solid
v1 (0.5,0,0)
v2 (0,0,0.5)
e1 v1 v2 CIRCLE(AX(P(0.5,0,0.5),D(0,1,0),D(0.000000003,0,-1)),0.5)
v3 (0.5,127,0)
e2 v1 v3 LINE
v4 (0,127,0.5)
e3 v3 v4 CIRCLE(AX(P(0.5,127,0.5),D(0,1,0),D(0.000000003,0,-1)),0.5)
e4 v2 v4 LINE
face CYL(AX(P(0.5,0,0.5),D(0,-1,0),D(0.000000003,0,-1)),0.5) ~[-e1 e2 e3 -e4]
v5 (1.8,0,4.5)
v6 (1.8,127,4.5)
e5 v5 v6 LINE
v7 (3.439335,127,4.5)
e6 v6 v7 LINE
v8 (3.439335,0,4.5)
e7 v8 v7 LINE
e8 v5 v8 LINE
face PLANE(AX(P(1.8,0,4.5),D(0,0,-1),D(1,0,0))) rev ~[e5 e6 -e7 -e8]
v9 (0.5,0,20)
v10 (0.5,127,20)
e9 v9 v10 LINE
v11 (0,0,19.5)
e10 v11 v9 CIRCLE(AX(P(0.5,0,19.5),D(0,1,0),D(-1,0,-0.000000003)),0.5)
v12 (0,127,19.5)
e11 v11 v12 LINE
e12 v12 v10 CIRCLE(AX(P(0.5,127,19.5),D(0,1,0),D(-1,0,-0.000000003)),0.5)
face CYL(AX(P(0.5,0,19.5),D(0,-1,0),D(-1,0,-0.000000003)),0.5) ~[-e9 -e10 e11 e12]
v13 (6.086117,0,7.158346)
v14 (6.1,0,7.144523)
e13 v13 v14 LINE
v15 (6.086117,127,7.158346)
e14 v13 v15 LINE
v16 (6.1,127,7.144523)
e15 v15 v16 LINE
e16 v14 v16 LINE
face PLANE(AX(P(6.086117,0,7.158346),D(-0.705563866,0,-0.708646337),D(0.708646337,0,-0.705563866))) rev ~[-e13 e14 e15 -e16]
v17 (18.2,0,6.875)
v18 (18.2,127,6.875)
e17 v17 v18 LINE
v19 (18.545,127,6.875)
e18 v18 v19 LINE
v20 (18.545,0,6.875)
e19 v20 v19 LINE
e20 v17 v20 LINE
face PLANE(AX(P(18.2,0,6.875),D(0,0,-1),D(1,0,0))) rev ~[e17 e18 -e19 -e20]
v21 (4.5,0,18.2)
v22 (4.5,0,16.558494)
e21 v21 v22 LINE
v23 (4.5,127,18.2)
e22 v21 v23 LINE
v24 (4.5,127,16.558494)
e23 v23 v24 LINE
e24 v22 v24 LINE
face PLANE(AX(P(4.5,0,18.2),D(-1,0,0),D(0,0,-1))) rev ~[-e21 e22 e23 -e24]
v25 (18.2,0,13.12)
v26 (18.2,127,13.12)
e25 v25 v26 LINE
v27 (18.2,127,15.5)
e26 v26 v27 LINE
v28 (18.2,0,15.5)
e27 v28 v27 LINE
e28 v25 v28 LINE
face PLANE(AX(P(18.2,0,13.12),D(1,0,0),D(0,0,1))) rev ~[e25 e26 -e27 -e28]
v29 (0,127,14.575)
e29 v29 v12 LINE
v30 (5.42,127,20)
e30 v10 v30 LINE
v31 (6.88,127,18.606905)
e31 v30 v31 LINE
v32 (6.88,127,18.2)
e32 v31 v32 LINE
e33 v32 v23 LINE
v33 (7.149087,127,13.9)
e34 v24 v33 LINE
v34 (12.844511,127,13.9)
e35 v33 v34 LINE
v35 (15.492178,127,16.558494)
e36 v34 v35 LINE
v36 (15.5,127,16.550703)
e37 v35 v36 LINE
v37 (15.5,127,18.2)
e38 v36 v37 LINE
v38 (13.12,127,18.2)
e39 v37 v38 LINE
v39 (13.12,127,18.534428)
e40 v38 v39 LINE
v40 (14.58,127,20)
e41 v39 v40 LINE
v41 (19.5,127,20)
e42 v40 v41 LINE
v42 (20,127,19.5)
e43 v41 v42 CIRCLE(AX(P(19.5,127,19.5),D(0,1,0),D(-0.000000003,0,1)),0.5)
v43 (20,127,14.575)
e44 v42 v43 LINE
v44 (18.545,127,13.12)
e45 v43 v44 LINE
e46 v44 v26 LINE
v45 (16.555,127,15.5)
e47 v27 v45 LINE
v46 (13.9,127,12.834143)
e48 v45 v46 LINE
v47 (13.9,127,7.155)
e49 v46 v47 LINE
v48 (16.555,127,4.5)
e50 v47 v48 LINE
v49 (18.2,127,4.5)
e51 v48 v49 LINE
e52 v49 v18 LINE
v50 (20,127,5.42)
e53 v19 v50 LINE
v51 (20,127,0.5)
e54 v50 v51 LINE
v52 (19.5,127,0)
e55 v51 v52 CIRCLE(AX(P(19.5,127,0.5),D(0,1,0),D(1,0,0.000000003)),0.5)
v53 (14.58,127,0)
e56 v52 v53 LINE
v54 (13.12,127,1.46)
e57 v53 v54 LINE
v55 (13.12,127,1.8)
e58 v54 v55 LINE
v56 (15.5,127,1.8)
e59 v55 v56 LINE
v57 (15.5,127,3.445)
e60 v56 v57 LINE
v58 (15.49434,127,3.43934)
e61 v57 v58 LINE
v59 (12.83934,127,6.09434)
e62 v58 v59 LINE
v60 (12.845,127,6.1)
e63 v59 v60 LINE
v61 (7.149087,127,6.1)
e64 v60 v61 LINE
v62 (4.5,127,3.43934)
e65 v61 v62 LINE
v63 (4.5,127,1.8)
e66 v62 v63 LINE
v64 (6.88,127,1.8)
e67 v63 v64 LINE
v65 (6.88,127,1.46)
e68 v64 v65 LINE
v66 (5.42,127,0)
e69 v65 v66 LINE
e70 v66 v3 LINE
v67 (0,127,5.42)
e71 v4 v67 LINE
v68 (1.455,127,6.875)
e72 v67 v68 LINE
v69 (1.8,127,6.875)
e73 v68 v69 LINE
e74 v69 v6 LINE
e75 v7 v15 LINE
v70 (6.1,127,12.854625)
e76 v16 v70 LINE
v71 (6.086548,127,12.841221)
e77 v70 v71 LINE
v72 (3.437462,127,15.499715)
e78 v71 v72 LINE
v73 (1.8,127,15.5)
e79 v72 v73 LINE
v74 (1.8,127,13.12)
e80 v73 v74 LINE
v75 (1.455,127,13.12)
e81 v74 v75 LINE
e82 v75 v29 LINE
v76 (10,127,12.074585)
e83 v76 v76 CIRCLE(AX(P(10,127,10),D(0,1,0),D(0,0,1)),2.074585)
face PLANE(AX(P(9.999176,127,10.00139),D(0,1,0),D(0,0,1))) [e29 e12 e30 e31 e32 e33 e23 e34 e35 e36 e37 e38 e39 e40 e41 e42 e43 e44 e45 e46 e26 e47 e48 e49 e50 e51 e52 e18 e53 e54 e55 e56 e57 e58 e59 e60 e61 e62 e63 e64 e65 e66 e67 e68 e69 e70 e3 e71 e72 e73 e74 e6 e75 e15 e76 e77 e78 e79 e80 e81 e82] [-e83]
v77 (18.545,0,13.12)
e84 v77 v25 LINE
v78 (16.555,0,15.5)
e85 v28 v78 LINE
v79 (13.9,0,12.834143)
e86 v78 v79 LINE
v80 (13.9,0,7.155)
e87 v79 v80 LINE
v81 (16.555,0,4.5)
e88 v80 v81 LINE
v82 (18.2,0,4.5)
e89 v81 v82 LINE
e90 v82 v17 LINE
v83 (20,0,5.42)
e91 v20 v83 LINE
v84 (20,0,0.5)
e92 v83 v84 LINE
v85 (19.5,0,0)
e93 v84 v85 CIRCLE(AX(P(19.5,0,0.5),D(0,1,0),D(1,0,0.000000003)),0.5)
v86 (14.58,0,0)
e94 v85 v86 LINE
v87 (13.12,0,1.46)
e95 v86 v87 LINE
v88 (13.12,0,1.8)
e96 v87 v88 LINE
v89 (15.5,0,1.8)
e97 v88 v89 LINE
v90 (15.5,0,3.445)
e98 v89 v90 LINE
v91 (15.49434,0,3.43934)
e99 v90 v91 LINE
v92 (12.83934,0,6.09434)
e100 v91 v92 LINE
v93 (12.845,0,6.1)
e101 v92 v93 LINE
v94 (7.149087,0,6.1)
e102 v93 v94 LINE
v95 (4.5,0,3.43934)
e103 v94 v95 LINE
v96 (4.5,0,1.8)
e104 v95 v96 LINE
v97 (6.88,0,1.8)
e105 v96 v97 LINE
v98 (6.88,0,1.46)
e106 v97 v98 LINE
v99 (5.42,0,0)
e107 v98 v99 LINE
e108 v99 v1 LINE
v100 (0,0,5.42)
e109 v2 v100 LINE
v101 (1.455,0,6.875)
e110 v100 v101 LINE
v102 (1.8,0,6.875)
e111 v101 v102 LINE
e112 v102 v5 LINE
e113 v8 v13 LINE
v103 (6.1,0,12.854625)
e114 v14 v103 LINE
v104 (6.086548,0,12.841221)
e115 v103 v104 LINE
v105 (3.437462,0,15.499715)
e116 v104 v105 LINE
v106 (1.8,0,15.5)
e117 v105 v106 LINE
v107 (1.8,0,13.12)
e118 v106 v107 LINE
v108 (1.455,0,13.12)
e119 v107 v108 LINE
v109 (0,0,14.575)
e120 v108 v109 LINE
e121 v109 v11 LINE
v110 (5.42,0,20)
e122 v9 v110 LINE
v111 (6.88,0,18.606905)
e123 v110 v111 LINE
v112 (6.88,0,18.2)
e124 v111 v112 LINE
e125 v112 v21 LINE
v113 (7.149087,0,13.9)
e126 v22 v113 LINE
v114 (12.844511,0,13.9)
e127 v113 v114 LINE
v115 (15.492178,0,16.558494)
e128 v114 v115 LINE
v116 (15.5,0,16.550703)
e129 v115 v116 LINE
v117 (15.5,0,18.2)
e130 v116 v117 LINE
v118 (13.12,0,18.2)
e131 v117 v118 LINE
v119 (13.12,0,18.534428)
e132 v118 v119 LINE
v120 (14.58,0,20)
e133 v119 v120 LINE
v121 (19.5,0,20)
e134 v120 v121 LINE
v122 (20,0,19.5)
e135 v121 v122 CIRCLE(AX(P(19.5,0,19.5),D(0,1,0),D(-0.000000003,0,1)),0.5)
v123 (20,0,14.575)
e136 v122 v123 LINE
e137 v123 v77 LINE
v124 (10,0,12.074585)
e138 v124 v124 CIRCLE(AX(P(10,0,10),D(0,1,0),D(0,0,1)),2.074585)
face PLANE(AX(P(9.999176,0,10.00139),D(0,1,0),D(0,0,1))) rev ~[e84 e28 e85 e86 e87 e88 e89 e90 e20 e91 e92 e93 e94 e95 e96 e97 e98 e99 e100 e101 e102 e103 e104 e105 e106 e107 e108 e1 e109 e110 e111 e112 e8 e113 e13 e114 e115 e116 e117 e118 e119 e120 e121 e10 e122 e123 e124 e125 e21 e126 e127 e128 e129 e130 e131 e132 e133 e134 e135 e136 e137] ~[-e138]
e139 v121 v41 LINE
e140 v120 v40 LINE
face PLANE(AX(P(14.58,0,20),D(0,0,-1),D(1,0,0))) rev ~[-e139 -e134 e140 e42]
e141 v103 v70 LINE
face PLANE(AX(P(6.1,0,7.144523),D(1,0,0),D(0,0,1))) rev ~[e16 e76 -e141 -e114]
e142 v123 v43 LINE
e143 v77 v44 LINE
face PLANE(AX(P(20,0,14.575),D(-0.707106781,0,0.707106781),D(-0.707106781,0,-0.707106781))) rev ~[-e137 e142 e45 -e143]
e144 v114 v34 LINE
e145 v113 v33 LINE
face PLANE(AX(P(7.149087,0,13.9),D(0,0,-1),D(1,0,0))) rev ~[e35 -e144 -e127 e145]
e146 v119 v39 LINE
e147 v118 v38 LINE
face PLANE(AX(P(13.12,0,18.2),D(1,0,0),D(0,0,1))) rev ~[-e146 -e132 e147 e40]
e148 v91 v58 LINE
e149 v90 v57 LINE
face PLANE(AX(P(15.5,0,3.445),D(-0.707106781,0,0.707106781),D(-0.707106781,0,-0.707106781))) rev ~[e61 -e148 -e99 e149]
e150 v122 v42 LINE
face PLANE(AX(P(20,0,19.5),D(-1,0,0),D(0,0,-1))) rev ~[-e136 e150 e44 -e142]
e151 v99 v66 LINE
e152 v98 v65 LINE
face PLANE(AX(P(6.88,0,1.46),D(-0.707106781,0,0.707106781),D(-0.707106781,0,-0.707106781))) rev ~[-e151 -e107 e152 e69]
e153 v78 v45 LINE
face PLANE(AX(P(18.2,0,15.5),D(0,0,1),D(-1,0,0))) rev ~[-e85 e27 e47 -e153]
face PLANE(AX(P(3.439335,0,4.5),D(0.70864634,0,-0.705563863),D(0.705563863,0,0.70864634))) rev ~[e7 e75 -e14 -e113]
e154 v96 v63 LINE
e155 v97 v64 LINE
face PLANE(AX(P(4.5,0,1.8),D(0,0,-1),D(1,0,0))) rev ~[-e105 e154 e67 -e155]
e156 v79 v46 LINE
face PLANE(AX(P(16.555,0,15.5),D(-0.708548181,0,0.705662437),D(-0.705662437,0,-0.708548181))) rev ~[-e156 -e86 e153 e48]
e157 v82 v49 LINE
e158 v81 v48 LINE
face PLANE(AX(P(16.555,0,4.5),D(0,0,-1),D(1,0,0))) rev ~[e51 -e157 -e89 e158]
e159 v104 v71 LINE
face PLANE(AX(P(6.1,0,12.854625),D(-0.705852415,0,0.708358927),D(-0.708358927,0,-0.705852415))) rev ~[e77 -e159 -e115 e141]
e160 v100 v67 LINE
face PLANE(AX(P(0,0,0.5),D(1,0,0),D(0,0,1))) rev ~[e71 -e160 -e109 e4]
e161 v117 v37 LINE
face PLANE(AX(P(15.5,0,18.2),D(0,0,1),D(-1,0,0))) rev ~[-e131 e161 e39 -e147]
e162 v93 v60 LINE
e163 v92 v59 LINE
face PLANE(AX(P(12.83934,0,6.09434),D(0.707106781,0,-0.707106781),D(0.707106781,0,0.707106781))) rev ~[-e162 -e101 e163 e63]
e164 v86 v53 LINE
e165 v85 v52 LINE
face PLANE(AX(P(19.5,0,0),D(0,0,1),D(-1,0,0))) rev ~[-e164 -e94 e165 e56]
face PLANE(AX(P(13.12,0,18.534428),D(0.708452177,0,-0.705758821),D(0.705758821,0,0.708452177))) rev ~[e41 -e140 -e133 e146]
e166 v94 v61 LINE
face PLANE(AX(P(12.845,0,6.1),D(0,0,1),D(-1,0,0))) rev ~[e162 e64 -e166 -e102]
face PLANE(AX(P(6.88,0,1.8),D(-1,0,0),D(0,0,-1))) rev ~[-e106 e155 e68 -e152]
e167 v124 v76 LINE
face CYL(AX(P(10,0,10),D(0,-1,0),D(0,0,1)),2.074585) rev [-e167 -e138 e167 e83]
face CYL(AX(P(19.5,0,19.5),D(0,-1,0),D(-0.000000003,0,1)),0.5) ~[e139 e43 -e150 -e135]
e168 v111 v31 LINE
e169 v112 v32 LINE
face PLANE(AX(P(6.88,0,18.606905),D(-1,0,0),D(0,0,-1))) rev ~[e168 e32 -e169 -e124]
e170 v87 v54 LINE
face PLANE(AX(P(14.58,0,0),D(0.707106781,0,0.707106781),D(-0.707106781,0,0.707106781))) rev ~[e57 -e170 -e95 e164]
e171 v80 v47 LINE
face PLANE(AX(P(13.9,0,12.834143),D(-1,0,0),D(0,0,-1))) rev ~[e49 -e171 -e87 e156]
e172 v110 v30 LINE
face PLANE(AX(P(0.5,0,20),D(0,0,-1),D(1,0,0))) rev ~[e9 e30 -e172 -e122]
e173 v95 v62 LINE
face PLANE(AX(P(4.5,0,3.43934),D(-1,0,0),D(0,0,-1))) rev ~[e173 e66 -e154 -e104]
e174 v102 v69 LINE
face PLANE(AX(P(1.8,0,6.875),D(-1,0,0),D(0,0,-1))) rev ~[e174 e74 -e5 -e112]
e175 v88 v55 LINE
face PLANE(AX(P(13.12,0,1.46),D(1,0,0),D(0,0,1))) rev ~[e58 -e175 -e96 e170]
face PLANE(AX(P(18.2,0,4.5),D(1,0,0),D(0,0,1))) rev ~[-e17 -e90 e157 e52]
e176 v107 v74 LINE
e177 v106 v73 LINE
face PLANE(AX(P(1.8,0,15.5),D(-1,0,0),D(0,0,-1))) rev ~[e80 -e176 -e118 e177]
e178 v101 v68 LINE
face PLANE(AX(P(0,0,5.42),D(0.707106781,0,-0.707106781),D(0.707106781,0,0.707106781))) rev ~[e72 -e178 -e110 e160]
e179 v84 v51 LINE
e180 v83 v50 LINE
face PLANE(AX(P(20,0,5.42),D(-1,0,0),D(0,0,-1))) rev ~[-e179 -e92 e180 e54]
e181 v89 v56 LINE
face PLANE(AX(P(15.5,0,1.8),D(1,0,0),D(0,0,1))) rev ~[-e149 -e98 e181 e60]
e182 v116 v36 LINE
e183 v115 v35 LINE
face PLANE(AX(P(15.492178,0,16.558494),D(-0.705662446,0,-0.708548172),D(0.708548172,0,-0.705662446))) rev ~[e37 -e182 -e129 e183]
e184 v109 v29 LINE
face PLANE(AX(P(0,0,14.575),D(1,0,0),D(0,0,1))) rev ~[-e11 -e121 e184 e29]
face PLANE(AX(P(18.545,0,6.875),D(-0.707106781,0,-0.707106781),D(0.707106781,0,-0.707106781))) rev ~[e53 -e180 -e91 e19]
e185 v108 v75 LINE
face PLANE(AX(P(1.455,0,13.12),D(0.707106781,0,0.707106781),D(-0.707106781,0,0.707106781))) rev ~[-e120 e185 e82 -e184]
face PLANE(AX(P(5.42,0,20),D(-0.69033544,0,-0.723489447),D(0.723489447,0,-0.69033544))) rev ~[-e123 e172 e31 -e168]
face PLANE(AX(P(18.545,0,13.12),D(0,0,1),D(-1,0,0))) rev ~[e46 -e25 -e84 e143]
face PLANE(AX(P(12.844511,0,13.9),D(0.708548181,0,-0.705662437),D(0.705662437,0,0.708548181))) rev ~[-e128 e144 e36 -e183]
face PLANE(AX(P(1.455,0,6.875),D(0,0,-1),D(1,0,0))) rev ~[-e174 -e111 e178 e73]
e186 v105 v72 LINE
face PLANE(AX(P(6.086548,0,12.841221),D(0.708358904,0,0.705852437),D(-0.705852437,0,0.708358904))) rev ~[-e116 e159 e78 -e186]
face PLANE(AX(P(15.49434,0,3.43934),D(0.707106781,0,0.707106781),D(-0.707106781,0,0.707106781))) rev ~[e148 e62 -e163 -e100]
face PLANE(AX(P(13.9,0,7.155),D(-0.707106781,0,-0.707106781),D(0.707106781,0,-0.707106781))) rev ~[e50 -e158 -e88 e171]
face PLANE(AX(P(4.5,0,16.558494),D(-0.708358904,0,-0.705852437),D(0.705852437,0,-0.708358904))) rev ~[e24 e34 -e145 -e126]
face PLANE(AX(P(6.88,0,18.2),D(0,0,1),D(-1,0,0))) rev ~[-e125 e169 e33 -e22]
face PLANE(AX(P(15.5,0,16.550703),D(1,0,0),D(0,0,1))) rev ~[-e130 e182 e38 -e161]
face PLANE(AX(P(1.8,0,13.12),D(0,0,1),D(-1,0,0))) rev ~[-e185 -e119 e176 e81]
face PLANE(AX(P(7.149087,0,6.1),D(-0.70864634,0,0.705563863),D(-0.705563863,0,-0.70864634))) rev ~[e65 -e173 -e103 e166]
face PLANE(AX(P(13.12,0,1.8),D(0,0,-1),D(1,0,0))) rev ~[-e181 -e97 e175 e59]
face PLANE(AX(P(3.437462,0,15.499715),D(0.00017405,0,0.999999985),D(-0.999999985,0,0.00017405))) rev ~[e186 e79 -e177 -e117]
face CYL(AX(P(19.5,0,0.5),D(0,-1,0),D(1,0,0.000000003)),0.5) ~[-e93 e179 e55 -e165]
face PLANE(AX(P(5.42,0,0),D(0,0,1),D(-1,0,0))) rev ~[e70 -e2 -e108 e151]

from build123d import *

# Parameters (mm, degrees)
SKETCH2_R              = 2.074585303
VSLOT2020_2020_5_DEPTH = 127


with BuildPart() as part:
    # Sketch2 → Vslot2020 2020(5) (new body)
    with BuildSketch(Plane.ZX):
        with BuildLine():
            Line((13.9, 7.149086807), (13.9, 12.844511469))
            Line((13.9, 12.844511469), (16.558493656, 15.492177728))
            Line((16.558493656, 15.492177728), (16.550703242, 15.5))
            Line((16.550703242, 15.5), (18.2, 15.5))
            Line((18.2, 15.5), (18.2, 13.12))
            Line((18.2, 13.12), (18.534428266, 13.12))
            Line((18.534428266, 13.12), (20, 14.58))
            Line((20, 14.58), (20, 19.5))
            ThreePointArc((20, 19.5), (19.853553391, 19.853553391), (19.5, 20))
            Line((19.5, 20), (14.575, 20))
            Line((14.575, 20), (13.12, 18.545))
            Line((13.12, 18.545), (13.12, 18.2))
            Line((13.12, 18.2), (15.5, 18.2))
            Line((15.5, 18.2), (15.5, 16.555))
            Line((15.5, 16.555), (12.834142613, 13.9))
            Line((12.834142613, 13.9), (7.155, 13.9))
            Line((7.155, 13.9), (4.5, 16.555))
            Line((4.5, 16.555), (4.5, 18.2))
            Line((4.5, 18.2), (6.875, 18.2))
            Line((6.875, 18.2), (6.875, 18.545))
            Line((6.875, 18.545), (5.42, 20))
            Line((5.42, 20), (0.5, 20))
            ThreePointArc((0.5, 20), (0.146446609, 19.853553391), (0, 19.5))
            Line((0, 19.5), (0, 14.58))
            Line((0, 14.58), (1.46, 13.12))
            Line((1.46, 13.12), (1.8, 13.12))
            Line((1.8, 13.12), (1.8, 15.5))
            Line((1.8, 15.5), (3.445, 15.5))
            Line((3.445, 15.5), (3.439339828, 15.494339828))
            Line((3.439339828, 15.494339828), (6.094339828, 12.839339828))
            Line((6.094339828, 12.839339828), (6.1, 12.845))
            Line((6.1, 12.845), (6.1, 7.149086807))
            Line((6.1, 7.149086807), (3.439339828, 4.5))
            Line((3.439339828, 4.5), (1.8, 4.5))
            Line((1.8, 4.5), (1.8, 6.88))
            Line((1.8, 6.88), (1.46, 6.88))
            Line((1.46, 6.88), (0, 5.42))
            Line((0, 5.42), (0, 0.5))
            ThreePointArc((0, 0.5), (0.146446609, 0.146446609), (0.5, 0))
            Line((0.5, 0), (5.42, 0))
            Line((5.42, 0), (6.875, 1.455))
            Line((6.875, 1.455), (6.875, 1.8))
            Line((6.875, 1.8), (4.5, 1.8))
            Line((4.5, 1.8), (4.5, 3.4393348))
            Line((4.5, 3.4393348), (7.158345795, 6.086117297))
            Line((7.158345795, 6.086117297), (7.144523479, 6.1))
            Line((7.144523479, 6.1), (12.854625295, 6.1))
            Line((12.854625295, 6.1), (12.841221344, 6.086548451))
            Line((12.841221344, 6.086548451), (15.499715, 3.437461644))
            Line((15.499715, 3.437461644), (15.5, 1.8))
            Line((15.5, 1.8), (13.12, 1.8))
            Line((13.12, 1.8), (13.12, 1.455))
            Line((13.12, 1.455), (14.575, 0))
            Line((14.575, 0), (19.5, 0))
            ThreePointArc((19.5, 0), (19.853553391, 0.146446609), (20, 0.5))
            Line((20, 0.5), (20, 5.42))
            Line((20, 5.42), (18.606904708, 6.88))
            Line((18.606904708, 6.88), (18.2, 6.88))
            Line((18.2, 6.88), (18.2, 4.5))
            Line((18.2, 4.5), (16.558493656, 4.5))
            Line((16.558493656, 4.5), (13.9, 7.149086807))
        make_face()
        with Locations((10, 10)):
            Circle(SKETCH2_R, mode=Mode.SUBTRACT)
    extrude(amount=VSLOT2020_2020_5_DEPTH)


solid = part.part
